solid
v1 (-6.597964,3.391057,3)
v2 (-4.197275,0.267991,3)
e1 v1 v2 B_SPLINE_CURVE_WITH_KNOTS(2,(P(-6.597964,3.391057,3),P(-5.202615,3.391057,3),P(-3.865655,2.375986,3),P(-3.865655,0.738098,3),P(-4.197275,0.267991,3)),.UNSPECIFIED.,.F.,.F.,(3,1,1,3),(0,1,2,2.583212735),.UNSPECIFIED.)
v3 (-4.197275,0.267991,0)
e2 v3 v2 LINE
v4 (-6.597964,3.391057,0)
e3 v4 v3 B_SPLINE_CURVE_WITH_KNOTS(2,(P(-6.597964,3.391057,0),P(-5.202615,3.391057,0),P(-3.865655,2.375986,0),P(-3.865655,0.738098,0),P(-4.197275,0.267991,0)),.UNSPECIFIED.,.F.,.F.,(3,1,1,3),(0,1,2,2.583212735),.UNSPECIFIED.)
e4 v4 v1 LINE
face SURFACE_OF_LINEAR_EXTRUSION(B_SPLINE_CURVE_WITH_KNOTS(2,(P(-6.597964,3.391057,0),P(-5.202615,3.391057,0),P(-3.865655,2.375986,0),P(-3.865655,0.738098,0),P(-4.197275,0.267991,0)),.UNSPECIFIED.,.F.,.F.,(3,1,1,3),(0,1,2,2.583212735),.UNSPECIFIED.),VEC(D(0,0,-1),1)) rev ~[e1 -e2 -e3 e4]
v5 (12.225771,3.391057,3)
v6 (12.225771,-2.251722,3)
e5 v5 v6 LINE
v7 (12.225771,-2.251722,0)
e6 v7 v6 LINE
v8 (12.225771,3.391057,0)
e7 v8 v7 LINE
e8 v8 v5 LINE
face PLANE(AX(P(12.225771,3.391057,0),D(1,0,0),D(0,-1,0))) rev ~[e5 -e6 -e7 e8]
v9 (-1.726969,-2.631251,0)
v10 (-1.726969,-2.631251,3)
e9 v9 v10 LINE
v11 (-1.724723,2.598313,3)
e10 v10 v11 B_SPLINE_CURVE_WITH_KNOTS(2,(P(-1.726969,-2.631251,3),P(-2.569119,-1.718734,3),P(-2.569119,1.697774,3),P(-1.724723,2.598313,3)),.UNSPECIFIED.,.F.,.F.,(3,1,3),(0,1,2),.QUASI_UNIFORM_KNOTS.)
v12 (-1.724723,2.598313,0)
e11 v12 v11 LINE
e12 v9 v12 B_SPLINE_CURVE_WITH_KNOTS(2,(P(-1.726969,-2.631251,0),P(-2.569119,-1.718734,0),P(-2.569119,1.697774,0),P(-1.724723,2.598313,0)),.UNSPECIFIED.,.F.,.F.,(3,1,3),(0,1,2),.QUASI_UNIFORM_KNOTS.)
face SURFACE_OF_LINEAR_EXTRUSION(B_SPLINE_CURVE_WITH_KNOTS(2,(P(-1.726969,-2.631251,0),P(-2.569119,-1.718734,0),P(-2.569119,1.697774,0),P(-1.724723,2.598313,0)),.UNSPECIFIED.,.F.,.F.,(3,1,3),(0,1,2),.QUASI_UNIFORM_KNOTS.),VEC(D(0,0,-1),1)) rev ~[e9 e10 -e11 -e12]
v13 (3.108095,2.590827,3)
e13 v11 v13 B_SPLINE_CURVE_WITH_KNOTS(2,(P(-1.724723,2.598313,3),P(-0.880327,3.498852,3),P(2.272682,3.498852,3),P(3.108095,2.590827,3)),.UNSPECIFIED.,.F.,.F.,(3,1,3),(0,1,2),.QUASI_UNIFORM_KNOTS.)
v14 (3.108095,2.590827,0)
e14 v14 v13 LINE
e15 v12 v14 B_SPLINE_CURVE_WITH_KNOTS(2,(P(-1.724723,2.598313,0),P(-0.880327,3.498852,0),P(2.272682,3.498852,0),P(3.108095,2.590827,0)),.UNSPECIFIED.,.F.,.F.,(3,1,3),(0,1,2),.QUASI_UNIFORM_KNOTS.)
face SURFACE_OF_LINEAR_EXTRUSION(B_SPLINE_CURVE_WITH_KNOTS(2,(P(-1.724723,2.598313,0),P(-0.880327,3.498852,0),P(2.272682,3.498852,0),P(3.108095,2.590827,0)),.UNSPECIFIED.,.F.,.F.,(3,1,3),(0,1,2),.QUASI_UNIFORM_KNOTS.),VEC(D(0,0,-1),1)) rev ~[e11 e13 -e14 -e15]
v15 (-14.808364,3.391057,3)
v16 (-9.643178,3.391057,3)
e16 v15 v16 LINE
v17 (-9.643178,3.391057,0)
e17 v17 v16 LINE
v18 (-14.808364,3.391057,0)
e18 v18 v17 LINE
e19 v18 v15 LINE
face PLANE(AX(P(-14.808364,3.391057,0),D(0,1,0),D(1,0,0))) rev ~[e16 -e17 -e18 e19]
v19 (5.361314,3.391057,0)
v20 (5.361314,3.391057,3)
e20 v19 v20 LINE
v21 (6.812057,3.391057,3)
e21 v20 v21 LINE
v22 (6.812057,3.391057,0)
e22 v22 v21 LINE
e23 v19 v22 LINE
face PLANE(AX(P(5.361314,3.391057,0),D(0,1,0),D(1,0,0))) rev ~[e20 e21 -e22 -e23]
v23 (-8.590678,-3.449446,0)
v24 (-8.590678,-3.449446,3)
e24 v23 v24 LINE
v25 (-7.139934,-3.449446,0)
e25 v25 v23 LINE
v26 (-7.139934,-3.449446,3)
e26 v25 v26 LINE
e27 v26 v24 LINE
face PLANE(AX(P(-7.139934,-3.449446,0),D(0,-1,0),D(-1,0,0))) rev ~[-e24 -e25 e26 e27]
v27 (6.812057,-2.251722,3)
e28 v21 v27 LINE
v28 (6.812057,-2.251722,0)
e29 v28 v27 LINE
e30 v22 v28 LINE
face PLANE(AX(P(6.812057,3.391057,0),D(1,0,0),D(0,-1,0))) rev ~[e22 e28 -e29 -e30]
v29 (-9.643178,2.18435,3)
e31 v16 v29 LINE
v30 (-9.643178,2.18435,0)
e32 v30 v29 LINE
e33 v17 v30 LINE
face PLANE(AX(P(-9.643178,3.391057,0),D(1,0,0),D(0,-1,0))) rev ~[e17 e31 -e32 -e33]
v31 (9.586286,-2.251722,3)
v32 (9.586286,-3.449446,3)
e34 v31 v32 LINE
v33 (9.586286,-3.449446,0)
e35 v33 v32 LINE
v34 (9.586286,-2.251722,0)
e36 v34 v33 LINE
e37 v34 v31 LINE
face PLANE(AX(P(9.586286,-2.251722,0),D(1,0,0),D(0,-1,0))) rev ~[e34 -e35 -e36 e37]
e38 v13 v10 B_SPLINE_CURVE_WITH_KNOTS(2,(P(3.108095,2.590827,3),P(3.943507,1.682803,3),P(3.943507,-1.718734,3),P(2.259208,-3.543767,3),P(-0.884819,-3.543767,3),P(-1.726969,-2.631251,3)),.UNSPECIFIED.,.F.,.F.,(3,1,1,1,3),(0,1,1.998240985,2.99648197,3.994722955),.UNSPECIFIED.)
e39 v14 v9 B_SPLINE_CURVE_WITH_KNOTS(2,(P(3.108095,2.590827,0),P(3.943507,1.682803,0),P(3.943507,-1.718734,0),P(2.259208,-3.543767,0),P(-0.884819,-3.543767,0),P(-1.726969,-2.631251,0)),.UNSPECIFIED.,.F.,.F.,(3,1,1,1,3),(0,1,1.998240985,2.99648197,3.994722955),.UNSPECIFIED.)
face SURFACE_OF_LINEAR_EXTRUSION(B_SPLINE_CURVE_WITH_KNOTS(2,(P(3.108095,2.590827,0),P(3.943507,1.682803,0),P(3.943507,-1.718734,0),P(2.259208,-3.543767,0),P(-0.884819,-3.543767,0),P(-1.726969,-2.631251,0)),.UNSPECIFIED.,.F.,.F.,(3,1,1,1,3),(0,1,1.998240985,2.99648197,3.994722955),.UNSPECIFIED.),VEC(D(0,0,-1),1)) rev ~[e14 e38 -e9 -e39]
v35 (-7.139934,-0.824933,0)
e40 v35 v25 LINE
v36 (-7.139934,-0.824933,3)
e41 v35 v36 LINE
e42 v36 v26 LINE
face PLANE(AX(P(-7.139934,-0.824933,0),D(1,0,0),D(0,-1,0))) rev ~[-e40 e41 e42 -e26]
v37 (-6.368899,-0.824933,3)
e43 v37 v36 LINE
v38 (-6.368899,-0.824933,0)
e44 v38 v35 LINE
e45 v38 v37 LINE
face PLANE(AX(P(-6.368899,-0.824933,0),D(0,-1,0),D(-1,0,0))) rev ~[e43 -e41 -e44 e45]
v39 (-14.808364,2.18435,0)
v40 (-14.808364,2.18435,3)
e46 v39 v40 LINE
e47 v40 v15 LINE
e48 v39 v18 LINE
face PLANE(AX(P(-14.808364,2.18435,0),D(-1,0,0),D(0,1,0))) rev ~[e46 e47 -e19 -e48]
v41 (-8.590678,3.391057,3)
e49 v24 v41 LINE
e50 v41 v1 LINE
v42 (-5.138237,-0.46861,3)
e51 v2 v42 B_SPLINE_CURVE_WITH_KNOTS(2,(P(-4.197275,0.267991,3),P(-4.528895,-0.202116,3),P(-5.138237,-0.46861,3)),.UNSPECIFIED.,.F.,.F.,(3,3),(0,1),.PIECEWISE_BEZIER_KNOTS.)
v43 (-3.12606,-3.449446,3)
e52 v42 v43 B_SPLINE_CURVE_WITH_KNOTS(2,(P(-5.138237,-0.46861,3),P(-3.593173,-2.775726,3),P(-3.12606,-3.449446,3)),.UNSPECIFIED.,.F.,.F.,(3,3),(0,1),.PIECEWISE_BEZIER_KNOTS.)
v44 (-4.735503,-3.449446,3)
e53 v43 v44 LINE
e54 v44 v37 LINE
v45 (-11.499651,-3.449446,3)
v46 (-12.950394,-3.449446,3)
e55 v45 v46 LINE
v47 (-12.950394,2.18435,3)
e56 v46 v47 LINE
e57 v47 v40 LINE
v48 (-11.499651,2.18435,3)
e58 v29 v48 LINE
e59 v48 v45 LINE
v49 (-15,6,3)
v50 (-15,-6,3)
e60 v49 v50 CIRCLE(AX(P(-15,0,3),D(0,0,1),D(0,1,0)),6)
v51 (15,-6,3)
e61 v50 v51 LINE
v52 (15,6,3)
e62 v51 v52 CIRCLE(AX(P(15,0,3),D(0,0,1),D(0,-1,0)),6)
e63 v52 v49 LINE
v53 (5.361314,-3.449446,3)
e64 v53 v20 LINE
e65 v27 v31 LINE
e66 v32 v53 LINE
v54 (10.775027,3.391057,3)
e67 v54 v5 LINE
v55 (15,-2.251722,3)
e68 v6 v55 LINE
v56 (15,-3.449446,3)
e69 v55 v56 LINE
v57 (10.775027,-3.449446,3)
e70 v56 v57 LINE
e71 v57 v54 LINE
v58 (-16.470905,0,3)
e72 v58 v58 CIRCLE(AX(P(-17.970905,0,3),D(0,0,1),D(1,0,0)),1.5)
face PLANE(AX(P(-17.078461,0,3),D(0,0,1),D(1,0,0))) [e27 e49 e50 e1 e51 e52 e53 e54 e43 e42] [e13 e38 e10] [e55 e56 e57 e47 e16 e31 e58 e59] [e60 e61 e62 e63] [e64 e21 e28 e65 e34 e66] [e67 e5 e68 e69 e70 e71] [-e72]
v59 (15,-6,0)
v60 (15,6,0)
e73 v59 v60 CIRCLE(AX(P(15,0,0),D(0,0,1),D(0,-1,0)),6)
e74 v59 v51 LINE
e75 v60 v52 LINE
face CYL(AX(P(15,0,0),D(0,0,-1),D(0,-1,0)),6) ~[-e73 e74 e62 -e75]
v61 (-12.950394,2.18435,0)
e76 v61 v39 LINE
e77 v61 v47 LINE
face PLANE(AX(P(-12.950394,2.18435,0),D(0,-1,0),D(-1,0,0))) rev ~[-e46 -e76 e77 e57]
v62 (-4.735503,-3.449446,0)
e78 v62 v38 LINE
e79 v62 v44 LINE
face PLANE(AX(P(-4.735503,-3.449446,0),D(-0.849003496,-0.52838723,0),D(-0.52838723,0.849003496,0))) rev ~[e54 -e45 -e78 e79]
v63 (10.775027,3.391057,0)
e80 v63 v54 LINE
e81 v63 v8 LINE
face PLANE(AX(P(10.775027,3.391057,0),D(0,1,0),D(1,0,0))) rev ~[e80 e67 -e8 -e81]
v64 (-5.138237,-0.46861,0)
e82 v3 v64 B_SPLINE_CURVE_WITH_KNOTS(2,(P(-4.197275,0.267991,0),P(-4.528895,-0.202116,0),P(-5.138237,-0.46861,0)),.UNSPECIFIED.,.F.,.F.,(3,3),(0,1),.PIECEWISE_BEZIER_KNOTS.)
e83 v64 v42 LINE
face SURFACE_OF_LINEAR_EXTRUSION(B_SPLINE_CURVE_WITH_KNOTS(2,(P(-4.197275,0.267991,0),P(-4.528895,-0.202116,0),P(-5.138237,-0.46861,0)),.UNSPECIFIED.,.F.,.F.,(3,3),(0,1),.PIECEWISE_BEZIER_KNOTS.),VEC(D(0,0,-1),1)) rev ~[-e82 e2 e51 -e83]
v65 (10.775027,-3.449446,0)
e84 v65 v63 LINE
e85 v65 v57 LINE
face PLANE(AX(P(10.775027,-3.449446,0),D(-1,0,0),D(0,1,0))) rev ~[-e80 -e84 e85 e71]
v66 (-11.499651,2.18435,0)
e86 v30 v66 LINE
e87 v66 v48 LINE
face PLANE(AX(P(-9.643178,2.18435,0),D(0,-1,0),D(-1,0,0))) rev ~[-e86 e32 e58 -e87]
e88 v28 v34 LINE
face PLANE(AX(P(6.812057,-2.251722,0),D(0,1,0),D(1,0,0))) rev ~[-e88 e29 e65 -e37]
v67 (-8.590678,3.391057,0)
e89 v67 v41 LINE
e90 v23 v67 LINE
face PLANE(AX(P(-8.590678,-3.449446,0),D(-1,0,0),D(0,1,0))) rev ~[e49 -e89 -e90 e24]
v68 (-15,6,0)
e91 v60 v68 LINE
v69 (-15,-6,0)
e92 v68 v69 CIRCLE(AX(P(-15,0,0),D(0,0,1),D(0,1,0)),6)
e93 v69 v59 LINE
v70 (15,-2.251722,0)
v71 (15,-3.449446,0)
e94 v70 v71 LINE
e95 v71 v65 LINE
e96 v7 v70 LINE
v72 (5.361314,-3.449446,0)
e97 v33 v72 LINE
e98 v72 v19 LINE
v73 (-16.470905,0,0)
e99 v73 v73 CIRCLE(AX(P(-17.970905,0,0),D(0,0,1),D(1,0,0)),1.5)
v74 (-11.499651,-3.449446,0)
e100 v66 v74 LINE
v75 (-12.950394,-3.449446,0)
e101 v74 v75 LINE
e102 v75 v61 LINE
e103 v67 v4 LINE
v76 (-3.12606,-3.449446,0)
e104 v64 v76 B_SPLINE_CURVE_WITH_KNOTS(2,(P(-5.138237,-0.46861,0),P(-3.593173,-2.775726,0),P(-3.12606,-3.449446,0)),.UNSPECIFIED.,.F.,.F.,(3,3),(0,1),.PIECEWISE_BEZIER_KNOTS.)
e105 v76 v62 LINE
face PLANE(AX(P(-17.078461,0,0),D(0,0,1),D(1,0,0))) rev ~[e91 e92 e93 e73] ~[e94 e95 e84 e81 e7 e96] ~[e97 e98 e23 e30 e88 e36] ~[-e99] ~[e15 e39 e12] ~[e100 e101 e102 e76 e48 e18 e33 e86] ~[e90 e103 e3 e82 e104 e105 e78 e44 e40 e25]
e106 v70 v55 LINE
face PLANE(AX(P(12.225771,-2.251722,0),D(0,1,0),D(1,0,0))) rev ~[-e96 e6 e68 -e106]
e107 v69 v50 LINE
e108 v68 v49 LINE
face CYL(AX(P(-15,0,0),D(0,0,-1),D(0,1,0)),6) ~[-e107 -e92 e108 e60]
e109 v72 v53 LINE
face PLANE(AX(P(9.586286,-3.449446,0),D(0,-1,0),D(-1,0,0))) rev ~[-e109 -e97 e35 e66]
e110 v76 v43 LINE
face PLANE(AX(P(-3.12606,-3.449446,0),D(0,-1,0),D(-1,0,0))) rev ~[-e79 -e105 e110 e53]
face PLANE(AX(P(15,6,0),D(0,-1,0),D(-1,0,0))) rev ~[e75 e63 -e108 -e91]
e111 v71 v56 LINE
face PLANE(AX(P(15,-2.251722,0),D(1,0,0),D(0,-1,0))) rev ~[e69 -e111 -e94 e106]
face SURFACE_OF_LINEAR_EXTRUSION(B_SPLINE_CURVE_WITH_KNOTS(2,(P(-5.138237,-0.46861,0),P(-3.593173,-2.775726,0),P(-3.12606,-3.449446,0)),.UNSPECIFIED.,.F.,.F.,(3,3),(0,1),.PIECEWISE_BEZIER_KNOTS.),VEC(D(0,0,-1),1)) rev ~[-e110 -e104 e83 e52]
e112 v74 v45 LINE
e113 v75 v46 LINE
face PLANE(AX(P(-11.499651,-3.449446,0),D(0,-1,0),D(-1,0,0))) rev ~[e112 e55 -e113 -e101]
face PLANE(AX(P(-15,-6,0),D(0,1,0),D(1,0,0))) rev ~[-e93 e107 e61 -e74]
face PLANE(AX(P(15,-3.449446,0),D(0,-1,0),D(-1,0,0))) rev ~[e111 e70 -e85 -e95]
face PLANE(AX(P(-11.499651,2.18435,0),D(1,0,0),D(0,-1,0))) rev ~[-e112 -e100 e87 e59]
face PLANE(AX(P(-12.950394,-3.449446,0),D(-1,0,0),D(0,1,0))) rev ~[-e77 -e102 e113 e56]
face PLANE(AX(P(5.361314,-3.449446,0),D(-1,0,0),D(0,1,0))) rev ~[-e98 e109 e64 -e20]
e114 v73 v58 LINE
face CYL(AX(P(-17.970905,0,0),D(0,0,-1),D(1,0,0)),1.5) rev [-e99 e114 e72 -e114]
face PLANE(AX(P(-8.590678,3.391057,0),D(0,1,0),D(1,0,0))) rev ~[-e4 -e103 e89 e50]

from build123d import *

# Parameters (mm, degrees)
F0_R     = 1.5
F1_DEPTH = 3


with BuildPart() as f1:
    # F0 (on Top) → F1 (new body)
    with BuildSketch(Plane.XY):
        with BuildLine():
            Line((-15, -6), (-15, 6))
            ThreePointArc((-15, 6), (-21, 0), (-15, -6))
        make_face()
        with Locations((-17.9709047079, 0)):
            Circle(F0_R, mode=Mode.SUBTRACT)
        with BuildLine():
            ThreePointArc((15, -6), (21, 0), (15, 6))
            Line((15, 6), (15, -2.2517217287))
            Line((15, -2.2517217287), (15, -3.4494460525))
            Line((15, -3.4494460525), (15, -6))
        make_face()
        Polygon((15, 6), (-15, 6), (-15, -6), (15, -6), (15, -3.4494460525), (10.7750274478, -3.4494460525), (10.7750274478, 3.3910569917), (12.225771035, 3.3910569917), (12.225771035, -2.2517217287), (15, -2.2517217287), align=None)
        Polygon((-11.4996506637, 2.1843497355), (-11.4996506637, -3.4494460525), (-12.9503942509, -3.4494460525), (-12.9503942509, 2.1843497355), (-14.8083641082, 2.1843497355), (-14.8083641082, 3.3910569917), (-9.6431779619, 3.3910569917), (-9.6431779619, 2.1843497355), align=None, mode=Mode.SUBTRACT)
        with BuildLine():
            Line((-6.3688990917, -0.824932628), (-7.1399341252, -0.824932628))
            Line((-7.1399341252, -0.824932628), (-7.1399341252, -3.4494460525))
            Line((-7.1399341252, -3.4494460525), (-8.5906777123, -3.4494460525))
            Line((-8.5906777123, -3.4494460525), (-8.5906777123, 3.3910569917))
            Line((-8.5906777123, 3.3910569917), (-6.5979638686, 3.3910569917))
            add(Edge.make_bspline(
                [(-6.5979638686, 3.3910569917), (-5.2026150314, 3.3910569917), (-4.5341351432, 2.8835213095)],
                knots=[0, 0, 0, 1, 1, 1], degree=2))
            add(Edge.make_bspline(
                [(-4.5341351432, 2.8835213095), (-3.865655255, 2.3759856273), (-3.865655255, 1.3414512426)],
                knots=[0, 0, 0, 1, 1, 1], degree=2))
            add(Edge.make_bspline(
                [(-3.865655255, 1.3414512426), (-3.865655255, 0.7380976145), (-4.1972751772, 0.2679908174)],
                knots=[0, 0, 0, 1, 1, 1], degree=2))
            add(Edge.make_bspline(
                [(-4.1972751772, 0.2679908174), (-4.5288950993, -0.2021159796), (-5.138237349, -0.4686096417)],
                knots=[0, 0, 0, 1, 1, 1], degree=2))
            add(Edge.make_bspline(
                [(-5.138237349, -0.4686096417), (-3.5931729714, -2.7757261204), (-3.1260604851, -3.4494460525)],
                knots=[0, 0, 0, 1, 1, 1], degree=2))
            Line((-3.1260604851, -3.4494460525), (-4.7355025452, -3.4494460525))
            Line((-4.7355025452, -3.4494460525), (-6.3688990917, -0.824932628))
        make_face(mode=Mode.SUBTRACT)
        with BuildLine():
            add(Edge.make_bspline(
                [(3.1080946202, 2.5908274279), (3.9435073361, 1.6828026749), (3.9435073361, -0.0194630203)],
                knots=[0, 0, 0, 1, 1, 1], degree=2))
            add(Edge.make_bspline(
                [(3.9435073361, -0.0194630203), (3.9435073361, -1.7187344046), (3.1013574209, -2.6312506238)],
                knots=[0, 0, 0, 1, 1, 1], degree=2))
            add(Edge.make_bspline(
                [(3.1013574209, -2.6312506238), (2.2592075057, -3.543766843), (0.6871943308, -3.543766843)],
                knots=[0, 0, 0, 1, 1, 1], degree=2))
            add(Edge.make_bspline(
                [(0.6871943308, -3.543766843), (-0.8848188442, -3.543766843), (-1.7269687594, -2.6312506238)],
                knots=[0, 0, 0, 1, 1, 1], degree=2))
            add(Edge.make_bspline(
                [(-1.7269687594, -2.6312506238), (-2.5691186745, -1.7187344046), (-2.5691186745, -0.0104800878)],
                knots=[0, 0, 0, 1, 1, 1], degree=2))
            add(Edge.make_bspline(
                [(-2.5691186745, -0.0104800878), (-2.5691186745, 1.697774229), (-1.7247230263, 2.5983132049)],
                knots=[0, 0, 0, 1, 1, 1], degree=2))
            add(Edge.make_bspline(
                [(-1.7247230263, 2.5983132049), (-0.880327378, 3.4988521809), (0.6961772632, 3.4988521809)],
                knots=[0, 0, 0, 1, 1, 1], degree=2))
            add(Edge.make_bspline(
                [(0.6961772632, 3.4988521809), (2.2726819044, 3.4988521809), (3.1080946202, 2.5908274279)],
                knots=[0, 0, 0, 1, 1, 1], degree=2))
        make_face(mode=Mode.SUBTRACT)
        Polygon((9.5862860565, -3.4494460525), (5.3613135043, -3.4494460525), (5.3613135043, 3.3910569917), (6.8120570915, 3.3910569917), (6.8120570915, -2.2517217287), (9.5862860565, -2.2517217287), align=None, mode=Mode.SUBTRACT)
    extrude(amount=F1_DEPTH)


solid = f1.part
